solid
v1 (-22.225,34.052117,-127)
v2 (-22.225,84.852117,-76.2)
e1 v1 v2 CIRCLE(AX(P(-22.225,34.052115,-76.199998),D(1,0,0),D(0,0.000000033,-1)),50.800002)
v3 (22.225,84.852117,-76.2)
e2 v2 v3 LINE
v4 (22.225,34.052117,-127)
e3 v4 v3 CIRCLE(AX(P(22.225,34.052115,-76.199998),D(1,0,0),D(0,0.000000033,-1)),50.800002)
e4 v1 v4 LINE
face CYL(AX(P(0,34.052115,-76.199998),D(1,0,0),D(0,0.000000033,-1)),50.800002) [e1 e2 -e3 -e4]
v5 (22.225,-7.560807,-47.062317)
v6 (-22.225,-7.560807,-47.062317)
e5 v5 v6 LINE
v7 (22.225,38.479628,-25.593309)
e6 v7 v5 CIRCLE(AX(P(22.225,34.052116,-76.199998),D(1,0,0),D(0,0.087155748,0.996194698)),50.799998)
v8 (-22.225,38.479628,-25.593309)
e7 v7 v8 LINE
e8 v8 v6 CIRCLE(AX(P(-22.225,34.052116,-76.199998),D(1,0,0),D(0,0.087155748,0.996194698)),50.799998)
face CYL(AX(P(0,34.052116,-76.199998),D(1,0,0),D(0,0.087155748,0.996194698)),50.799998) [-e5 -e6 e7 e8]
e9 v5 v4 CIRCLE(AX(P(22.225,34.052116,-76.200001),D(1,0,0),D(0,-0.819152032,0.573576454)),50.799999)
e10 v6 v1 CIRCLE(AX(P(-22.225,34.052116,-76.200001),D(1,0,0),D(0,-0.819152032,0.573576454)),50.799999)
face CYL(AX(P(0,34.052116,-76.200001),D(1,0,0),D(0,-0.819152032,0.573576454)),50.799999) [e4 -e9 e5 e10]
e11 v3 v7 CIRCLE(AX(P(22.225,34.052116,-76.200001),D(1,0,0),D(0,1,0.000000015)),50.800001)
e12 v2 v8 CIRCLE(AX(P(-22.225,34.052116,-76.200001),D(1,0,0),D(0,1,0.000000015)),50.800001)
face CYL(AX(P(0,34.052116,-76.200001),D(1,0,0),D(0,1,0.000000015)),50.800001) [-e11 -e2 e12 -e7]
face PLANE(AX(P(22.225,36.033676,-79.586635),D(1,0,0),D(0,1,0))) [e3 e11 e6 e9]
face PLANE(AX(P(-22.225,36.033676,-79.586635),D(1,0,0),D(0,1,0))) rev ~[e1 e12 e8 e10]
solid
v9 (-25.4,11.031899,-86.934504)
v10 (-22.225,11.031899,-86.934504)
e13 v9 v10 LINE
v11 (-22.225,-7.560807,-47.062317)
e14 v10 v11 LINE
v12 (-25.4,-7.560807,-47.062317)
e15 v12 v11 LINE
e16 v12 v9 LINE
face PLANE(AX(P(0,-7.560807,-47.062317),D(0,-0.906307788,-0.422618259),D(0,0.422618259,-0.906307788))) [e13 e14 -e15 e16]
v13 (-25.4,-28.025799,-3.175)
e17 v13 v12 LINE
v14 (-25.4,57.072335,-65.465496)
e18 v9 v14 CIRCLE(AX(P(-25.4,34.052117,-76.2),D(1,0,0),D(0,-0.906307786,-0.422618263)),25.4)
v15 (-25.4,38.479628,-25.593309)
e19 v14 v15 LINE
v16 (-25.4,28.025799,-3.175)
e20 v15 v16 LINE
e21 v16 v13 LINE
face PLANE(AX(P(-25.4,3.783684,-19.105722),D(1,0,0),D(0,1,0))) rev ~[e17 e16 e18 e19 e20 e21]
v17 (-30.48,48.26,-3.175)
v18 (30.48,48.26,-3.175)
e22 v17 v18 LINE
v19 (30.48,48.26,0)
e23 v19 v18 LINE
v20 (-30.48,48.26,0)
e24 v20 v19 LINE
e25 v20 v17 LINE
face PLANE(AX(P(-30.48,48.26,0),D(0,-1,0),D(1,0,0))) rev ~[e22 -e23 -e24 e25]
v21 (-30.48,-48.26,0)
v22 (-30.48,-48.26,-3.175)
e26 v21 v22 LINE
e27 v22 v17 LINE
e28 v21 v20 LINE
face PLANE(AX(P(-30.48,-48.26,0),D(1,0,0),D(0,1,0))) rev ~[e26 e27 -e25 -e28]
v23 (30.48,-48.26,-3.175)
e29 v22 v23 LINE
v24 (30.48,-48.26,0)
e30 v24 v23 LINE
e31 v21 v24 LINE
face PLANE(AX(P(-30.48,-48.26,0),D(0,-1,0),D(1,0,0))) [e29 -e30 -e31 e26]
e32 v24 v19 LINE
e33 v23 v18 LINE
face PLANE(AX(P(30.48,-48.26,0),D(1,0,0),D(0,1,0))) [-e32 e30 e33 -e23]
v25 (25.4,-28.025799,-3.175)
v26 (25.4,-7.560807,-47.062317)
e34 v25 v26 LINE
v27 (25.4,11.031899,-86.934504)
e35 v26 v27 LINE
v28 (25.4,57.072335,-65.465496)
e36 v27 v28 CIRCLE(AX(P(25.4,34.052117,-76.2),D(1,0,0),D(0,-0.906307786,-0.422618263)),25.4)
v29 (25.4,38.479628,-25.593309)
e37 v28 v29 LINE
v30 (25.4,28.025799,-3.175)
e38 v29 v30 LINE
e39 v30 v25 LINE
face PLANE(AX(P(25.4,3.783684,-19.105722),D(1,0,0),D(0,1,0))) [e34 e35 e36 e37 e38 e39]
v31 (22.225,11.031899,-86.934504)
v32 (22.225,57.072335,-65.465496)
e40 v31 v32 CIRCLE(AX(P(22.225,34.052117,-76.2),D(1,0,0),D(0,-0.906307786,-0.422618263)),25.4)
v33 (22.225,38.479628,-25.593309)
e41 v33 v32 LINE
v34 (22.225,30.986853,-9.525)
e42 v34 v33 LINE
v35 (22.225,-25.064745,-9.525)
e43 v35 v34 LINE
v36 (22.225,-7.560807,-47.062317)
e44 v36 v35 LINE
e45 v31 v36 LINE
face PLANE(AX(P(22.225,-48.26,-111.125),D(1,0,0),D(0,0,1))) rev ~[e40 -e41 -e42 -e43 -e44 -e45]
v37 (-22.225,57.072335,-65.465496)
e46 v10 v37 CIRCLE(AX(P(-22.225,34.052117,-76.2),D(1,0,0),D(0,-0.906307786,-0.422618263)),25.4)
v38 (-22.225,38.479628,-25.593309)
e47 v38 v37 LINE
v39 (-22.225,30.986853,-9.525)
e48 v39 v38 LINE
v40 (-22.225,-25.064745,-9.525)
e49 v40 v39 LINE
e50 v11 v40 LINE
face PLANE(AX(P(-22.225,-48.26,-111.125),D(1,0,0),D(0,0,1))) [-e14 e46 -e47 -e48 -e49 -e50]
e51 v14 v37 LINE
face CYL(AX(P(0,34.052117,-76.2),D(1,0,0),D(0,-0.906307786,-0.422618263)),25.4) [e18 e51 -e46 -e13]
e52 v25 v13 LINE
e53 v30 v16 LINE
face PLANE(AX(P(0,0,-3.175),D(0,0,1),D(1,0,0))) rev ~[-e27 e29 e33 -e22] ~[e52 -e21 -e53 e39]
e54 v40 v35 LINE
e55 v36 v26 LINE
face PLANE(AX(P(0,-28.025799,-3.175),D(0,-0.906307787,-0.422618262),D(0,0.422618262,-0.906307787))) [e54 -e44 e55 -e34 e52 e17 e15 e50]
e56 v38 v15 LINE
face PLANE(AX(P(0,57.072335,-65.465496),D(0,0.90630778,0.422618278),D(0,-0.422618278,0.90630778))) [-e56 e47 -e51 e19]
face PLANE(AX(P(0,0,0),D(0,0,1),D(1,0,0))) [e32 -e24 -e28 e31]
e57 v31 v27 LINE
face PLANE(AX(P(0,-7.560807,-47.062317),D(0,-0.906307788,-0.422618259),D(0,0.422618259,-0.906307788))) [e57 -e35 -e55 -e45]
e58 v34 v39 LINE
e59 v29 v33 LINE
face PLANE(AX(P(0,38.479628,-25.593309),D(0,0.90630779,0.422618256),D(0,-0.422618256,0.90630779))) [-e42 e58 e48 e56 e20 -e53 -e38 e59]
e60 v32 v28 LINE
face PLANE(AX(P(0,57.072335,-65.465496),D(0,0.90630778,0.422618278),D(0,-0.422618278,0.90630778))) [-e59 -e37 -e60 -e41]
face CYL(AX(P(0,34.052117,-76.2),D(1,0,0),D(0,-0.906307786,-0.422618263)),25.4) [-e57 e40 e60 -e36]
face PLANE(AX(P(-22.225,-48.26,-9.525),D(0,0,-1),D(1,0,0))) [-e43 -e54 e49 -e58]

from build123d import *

# Parameters (mm, degrees)
F0_W     = 60.96
F0_H     = 96.52
F1_DEPTH = 3.175
F3_DEPTH = 25.4
F4_W     = 44.45
F4_H     = 101.6
F5_DEPTH = 107.713117
F6_DEPTH = 22.225


with BuildPart() as f1:
    # F0 (on Top) → F1 (new body)
    with BuildSketch(Plane.XY):
        Rectangle(F0_W, F0_H)
    extrude(amount=-F1_DEPTH)

    # F2 (on Right) → F3 (join, symmetric)
    with BuildSketch(Plane.YZ):
        with BuildLine():
            Line((-28.025799, -3.175), (-7.560807, -47.062317))
            ThreePointArc((-7.560807, -47.062317), (12.583109, -30.159564), (38.479628, -25.593309))
            Line((38.479628, -25.593309), (28.025799, -3.175))
            Line((28.025799, -3.175), (-28.025799, -3.175))
        make_face()
        with BuildLine():
            ThreePointArc((38.479628, -25.593309), (12.583109, -30.159564), (-7.560807, -47.062317))
            Line((-7.560807, -47.062317), (11.031899, -86.934504))
            ThreePointArc((11.031899, -86.934504), (44.786621, -99.220218), (57.072335, -65.465496))
            Line((57.072335, -65.465496), (38.479628, -25.593309))
        make_face()
    extrude(amount=F3_DEPTH, both=True)

    # F4 (on face) → F5 (cut, through all)
    with BuildSketch(Plane.XZ.offset(48.26)):
        with Locations((0, -60.325)):
            Rectangle(F4_W, F4_H)
    extrude(amount=-F5_DEPTH, mode=Mode.SUBTRACT)


with BuildPart() as f6:
    # F2 (on Right) → F6 (new body, symmetric)
    with BuildSketch(Plane.YZ):
        with BuildLine():
            ThreePointArc((-7.560807, -47.062317), (-11.008034, -99.65683), (34.052117, -127))
            ThreePointArc((34.052117, -127), (69.973141, -112.121024), (84.852117, -76.2))
            ThreePointArc((84.852117, -76.2), (71.505805, -41.880017), (38.479628, -25.593309))
            Line((38.479628, -25.593309), (57.072335, -65.465496))
            ThreePointArc((57.072335, -65.465496), (44.786621, -99.220218), (11.031899, -86.934504))
            Line((11.031899, -86.934504), (-7.560807, -47.062317))
        make_face()
        with BuildLine():
            ThreePointArc((38.479628, -25.593309), (12.583109, -30.159564), (-7.560807, -47.062317))
            Line((-7.560807, -47.062317), (11.031899, -86.934504))
            ThreePointArc((11.031899, -86.934504), (44.786621, -99.220218), (57.072335, -65.465496))
            Line((57.072335, -65.465496), (38.479628, -25.593309))
        make_face()
    extrude(amount=F6_DEPTH, both=True)


solid = Compound([f1.part, f6.part])
